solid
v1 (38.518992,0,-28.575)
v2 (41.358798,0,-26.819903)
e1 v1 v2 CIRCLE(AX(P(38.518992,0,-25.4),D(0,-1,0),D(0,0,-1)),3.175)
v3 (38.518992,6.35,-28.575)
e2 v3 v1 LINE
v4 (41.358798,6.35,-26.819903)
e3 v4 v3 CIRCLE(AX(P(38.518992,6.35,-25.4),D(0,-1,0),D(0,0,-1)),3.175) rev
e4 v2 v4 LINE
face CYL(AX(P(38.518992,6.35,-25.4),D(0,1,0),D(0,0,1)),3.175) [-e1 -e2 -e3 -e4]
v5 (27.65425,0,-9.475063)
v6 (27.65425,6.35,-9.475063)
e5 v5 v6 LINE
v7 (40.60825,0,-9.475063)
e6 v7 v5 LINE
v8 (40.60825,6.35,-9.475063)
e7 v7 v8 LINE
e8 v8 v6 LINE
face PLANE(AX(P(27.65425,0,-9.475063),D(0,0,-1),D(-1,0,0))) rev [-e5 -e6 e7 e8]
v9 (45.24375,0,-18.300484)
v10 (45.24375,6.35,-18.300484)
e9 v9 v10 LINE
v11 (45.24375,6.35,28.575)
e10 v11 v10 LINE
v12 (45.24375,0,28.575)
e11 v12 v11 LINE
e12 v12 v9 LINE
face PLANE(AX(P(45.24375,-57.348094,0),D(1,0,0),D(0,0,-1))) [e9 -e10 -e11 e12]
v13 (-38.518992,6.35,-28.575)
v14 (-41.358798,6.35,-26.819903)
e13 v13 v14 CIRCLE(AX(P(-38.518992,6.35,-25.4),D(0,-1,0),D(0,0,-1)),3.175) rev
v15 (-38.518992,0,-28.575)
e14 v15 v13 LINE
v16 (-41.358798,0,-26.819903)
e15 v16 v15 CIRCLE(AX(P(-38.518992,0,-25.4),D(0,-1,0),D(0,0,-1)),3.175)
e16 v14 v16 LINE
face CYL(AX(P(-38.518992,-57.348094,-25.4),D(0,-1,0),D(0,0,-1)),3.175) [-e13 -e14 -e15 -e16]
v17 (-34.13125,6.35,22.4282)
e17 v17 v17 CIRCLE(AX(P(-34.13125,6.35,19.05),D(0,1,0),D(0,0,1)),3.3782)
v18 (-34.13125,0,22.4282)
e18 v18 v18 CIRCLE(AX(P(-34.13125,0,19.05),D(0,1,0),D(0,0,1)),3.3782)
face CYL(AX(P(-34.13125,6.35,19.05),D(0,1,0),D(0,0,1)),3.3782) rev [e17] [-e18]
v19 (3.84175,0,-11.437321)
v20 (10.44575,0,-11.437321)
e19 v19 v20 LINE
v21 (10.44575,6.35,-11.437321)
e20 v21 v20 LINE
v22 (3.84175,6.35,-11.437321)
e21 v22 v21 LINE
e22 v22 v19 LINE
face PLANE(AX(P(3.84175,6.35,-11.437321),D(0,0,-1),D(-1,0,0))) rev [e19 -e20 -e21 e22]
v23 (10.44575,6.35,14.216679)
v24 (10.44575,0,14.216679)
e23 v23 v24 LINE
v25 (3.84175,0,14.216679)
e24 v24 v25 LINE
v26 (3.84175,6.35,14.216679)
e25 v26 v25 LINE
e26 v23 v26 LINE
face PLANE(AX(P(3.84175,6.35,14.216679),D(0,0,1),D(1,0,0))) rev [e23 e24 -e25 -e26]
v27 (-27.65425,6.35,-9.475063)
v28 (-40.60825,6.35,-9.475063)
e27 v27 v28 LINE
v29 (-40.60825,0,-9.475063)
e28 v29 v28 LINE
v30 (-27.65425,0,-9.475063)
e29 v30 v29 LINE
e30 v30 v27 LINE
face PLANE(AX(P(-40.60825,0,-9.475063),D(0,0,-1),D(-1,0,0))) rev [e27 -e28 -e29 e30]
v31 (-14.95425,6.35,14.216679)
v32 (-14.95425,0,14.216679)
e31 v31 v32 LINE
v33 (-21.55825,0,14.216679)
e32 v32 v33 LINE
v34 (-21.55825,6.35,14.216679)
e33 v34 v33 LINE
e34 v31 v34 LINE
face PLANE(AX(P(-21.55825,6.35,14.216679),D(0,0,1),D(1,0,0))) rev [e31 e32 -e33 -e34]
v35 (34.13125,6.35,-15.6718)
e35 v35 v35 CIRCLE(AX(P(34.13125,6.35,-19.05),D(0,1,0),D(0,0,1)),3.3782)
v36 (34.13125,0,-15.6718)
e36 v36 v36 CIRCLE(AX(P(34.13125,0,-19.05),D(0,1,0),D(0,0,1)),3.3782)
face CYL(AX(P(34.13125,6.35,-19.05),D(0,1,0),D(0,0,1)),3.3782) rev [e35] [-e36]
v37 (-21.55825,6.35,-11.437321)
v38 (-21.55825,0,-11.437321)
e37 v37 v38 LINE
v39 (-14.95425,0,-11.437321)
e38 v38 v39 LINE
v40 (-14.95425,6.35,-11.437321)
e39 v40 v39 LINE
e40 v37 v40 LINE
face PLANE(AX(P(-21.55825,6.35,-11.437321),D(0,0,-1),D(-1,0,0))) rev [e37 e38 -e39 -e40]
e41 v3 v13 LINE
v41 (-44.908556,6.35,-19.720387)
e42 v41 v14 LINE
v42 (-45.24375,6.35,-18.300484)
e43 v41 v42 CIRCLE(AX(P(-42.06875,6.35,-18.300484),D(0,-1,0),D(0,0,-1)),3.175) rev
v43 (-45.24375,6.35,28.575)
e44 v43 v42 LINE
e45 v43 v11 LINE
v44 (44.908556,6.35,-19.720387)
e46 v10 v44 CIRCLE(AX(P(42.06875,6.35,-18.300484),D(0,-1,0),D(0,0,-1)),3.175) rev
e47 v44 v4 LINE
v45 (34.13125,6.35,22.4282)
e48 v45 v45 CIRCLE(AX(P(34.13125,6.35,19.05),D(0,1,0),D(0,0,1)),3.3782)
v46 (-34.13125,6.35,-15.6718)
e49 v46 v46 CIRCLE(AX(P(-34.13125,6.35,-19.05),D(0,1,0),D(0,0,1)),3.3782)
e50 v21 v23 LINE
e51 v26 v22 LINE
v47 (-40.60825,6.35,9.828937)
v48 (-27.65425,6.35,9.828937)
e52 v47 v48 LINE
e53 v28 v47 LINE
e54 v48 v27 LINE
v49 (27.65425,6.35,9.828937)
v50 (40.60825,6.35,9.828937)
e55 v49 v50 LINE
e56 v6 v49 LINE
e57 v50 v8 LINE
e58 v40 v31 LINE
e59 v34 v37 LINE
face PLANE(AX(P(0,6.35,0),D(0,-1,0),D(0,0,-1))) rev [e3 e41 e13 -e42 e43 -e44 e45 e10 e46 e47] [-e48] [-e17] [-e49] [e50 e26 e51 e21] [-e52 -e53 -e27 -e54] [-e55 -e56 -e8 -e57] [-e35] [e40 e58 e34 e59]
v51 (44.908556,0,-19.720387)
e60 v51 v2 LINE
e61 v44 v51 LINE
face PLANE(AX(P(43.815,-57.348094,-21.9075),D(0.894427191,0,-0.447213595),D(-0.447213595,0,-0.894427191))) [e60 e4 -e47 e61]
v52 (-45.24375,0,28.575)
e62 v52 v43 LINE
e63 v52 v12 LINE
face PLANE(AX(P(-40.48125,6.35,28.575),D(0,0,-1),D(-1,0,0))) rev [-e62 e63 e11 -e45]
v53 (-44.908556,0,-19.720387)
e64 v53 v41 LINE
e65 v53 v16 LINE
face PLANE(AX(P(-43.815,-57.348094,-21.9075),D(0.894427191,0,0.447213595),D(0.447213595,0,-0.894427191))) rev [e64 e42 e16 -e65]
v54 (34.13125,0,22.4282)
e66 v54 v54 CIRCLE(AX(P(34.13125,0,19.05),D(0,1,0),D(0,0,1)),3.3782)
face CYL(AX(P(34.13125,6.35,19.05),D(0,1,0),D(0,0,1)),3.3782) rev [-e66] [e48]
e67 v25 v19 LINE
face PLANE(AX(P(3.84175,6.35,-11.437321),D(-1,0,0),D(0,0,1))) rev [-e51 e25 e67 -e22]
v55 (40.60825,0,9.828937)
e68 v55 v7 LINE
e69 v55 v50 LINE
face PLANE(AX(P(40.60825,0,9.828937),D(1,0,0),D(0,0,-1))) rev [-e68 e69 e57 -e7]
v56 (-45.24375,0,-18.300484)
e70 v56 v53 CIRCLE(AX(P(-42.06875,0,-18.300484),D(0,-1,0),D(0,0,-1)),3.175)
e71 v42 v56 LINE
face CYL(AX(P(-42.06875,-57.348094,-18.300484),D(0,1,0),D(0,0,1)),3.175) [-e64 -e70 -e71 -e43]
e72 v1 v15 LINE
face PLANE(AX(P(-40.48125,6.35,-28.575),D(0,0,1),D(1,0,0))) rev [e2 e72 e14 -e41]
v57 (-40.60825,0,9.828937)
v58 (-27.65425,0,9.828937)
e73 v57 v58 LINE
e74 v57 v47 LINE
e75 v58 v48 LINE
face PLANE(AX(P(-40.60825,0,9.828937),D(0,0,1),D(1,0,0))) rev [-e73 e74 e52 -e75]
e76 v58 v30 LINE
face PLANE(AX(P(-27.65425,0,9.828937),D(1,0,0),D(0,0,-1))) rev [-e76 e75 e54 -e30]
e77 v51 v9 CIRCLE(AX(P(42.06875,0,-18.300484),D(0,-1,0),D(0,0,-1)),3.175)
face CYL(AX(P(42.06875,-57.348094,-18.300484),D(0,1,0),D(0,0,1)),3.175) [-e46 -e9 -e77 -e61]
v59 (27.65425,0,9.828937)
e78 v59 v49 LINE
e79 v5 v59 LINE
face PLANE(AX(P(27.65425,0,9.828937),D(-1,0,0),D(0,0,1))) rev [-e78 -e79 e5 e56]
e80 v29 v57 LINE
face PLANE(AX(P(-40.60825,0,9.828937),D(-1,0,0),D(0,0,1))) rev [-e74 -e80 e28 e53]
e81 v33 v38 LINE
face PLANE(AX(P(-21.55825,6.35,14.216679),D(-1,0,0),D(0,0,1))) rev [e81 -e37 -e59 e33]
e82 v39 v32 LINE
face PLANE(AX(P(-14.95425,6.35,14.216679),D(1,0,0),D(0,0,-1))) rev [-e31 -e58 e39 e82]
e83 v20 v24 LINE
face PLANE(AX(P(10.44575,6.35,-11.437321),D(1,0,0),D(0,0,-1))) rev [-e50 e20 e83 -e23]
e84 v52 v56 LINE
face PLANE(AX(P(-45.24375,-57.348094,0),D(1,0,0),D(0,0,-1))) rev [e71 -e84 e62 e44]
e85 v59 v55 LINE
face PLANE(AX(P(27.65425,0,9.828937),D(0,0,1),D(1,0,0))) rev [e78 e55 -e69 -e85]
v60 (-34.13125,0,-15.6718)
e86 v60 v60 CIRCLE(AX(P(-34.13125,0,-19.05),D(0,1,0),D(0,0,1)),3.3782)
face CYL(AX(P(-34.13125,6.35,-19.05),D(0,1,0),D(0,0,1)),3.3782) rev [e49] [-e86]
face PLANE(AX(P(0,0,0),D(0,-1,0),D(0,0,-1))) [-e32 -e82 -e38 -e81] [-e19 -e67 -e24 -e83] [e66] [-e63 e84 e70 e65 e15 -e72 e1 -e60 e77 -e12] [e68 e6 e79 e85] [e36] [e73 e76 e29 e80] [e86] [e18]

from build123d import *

# Parameters (mm, degrees)
SKETCH1_W               = 80.9625
SKETCH1_H               = 57.15
BOSS_EXTRUDE1_DEPTH     = 6.35
SKETCH2_W               = 6.604
SKETCH2_H               = 25.654
CUT_EXTRUDE1_DEPTH      = 7.35
F_1_4_CLEARANCE_HOLE1_D = 6.7564
SKETCH5_W               = 4.7625
SKETCH5_H               = 47.625
BOSS_EXTRUDE3_DEPTH     = 6.35
FILLET1_R               = 3.175
SKETCH6_W               = 12.954
SKETCH6_H               = 19.304
CUT_EXTRUDE2_DEPTH      = 7.35


with BuildPart() as part:
    # Sketch1 → Boss-Extrude1 (new body)
    with BuildSketch(Plane(origin=(0, 0, 0), x_dir=(1, 0, 0), z_dir=(0, 1, 0))):
        Rectangle(SKETCH1_W, SKETCH1_H)
    extrude(amount=BOSS_EXTRUDE1_DEPTH)

    # Sketch2 → Cut-Extrude1 (cut, through all)
    with BuildSketch(Plane(origin=(0, 0, 0), x_dir=(-1, 0, 0), z_dir=(0, -1, 0))):
        with Locations((-7.14375, -1.389678771)):
            Rectangle(SKETCH2_W, SKETCH2_H)
        with Locations((18.25625, -1.389678771)):
            Rectangle(SKETCH2_W, SKETCH2_H)
    extrude(amount=-CUT_EXTRUDE1_DEPTH, mode=Mode.SUBTRACT)

    # 1/4 Clearance Hole1 (through all)
    with Locations(Plane(origin=(0, 6.35, 0), x_dir=(1, 0, 0), z_dir=(0, 1, 0))):
        with Locations((-34.13125, 19.05), (-34.13125, -19.05), (34.13125, -19.05), (34.13125, 19.05)):
            Hole(F_1_4_CLEARANCE_HOLE1_D / 2)

    # Sketch5 → Boss-Extrude3 (add)
    with BuildSketch(Plane(origin=(0, 6.35, 0), x_dir=(1, 0, 0), z_dir=(0, 1, 0))):
        with Locations((42.8625, -4.7625)):
            Rectangle(SKETCH5_W, SKETCH5_H)
        Polygon((40.48125, 28.575), (40.48125, 19.05), (45.24375, 19.05), align=None)
        with Locations((-42.8625, -4.7625)):
            Rectangle(SKETCH5_W, SKETCH5_H)
        Polygon((-40.48125, 28.575), (-45.24375, 19.05), (-40.48125, 19.05), align=None)
    extrude(amount=-BOSS_EXTRUDE3_DEPTH)

    # Fillet1
    fillet1_edges = [part.edges().sort_by_distance(p)[0] for p in [
        (-40.48125, 3.175, -28.575),
        (40.48125, 3.175, -28.575),
        (45.24375, 3.175, -19.05),
        (-45.24375, 3.175, -19.05),
    ]]
    fillet(fillet1_edges, radius=FILLET1_R)

    # Sketch6 → Cut-Extrude2 (cut, through all)
    with BuildSketch(Plane(origin=(0, 6.35, 0), x_dir=(1, 0, 0), z_dir=(0, 1, 0))):
        with Locations((-34.13125, -0.176936686)):
            Rectangle(SKETCH6_W, SKETCH6_H)
        with Locations((34.13125, -0.176936686)):
            Rectangle(SKETCH6_W, SKETCH6_H)
    extrude(amount=-CUT_EXTRUDE2_DEPTH, mode=Mode.SUBTRACT)


solid = part.part
